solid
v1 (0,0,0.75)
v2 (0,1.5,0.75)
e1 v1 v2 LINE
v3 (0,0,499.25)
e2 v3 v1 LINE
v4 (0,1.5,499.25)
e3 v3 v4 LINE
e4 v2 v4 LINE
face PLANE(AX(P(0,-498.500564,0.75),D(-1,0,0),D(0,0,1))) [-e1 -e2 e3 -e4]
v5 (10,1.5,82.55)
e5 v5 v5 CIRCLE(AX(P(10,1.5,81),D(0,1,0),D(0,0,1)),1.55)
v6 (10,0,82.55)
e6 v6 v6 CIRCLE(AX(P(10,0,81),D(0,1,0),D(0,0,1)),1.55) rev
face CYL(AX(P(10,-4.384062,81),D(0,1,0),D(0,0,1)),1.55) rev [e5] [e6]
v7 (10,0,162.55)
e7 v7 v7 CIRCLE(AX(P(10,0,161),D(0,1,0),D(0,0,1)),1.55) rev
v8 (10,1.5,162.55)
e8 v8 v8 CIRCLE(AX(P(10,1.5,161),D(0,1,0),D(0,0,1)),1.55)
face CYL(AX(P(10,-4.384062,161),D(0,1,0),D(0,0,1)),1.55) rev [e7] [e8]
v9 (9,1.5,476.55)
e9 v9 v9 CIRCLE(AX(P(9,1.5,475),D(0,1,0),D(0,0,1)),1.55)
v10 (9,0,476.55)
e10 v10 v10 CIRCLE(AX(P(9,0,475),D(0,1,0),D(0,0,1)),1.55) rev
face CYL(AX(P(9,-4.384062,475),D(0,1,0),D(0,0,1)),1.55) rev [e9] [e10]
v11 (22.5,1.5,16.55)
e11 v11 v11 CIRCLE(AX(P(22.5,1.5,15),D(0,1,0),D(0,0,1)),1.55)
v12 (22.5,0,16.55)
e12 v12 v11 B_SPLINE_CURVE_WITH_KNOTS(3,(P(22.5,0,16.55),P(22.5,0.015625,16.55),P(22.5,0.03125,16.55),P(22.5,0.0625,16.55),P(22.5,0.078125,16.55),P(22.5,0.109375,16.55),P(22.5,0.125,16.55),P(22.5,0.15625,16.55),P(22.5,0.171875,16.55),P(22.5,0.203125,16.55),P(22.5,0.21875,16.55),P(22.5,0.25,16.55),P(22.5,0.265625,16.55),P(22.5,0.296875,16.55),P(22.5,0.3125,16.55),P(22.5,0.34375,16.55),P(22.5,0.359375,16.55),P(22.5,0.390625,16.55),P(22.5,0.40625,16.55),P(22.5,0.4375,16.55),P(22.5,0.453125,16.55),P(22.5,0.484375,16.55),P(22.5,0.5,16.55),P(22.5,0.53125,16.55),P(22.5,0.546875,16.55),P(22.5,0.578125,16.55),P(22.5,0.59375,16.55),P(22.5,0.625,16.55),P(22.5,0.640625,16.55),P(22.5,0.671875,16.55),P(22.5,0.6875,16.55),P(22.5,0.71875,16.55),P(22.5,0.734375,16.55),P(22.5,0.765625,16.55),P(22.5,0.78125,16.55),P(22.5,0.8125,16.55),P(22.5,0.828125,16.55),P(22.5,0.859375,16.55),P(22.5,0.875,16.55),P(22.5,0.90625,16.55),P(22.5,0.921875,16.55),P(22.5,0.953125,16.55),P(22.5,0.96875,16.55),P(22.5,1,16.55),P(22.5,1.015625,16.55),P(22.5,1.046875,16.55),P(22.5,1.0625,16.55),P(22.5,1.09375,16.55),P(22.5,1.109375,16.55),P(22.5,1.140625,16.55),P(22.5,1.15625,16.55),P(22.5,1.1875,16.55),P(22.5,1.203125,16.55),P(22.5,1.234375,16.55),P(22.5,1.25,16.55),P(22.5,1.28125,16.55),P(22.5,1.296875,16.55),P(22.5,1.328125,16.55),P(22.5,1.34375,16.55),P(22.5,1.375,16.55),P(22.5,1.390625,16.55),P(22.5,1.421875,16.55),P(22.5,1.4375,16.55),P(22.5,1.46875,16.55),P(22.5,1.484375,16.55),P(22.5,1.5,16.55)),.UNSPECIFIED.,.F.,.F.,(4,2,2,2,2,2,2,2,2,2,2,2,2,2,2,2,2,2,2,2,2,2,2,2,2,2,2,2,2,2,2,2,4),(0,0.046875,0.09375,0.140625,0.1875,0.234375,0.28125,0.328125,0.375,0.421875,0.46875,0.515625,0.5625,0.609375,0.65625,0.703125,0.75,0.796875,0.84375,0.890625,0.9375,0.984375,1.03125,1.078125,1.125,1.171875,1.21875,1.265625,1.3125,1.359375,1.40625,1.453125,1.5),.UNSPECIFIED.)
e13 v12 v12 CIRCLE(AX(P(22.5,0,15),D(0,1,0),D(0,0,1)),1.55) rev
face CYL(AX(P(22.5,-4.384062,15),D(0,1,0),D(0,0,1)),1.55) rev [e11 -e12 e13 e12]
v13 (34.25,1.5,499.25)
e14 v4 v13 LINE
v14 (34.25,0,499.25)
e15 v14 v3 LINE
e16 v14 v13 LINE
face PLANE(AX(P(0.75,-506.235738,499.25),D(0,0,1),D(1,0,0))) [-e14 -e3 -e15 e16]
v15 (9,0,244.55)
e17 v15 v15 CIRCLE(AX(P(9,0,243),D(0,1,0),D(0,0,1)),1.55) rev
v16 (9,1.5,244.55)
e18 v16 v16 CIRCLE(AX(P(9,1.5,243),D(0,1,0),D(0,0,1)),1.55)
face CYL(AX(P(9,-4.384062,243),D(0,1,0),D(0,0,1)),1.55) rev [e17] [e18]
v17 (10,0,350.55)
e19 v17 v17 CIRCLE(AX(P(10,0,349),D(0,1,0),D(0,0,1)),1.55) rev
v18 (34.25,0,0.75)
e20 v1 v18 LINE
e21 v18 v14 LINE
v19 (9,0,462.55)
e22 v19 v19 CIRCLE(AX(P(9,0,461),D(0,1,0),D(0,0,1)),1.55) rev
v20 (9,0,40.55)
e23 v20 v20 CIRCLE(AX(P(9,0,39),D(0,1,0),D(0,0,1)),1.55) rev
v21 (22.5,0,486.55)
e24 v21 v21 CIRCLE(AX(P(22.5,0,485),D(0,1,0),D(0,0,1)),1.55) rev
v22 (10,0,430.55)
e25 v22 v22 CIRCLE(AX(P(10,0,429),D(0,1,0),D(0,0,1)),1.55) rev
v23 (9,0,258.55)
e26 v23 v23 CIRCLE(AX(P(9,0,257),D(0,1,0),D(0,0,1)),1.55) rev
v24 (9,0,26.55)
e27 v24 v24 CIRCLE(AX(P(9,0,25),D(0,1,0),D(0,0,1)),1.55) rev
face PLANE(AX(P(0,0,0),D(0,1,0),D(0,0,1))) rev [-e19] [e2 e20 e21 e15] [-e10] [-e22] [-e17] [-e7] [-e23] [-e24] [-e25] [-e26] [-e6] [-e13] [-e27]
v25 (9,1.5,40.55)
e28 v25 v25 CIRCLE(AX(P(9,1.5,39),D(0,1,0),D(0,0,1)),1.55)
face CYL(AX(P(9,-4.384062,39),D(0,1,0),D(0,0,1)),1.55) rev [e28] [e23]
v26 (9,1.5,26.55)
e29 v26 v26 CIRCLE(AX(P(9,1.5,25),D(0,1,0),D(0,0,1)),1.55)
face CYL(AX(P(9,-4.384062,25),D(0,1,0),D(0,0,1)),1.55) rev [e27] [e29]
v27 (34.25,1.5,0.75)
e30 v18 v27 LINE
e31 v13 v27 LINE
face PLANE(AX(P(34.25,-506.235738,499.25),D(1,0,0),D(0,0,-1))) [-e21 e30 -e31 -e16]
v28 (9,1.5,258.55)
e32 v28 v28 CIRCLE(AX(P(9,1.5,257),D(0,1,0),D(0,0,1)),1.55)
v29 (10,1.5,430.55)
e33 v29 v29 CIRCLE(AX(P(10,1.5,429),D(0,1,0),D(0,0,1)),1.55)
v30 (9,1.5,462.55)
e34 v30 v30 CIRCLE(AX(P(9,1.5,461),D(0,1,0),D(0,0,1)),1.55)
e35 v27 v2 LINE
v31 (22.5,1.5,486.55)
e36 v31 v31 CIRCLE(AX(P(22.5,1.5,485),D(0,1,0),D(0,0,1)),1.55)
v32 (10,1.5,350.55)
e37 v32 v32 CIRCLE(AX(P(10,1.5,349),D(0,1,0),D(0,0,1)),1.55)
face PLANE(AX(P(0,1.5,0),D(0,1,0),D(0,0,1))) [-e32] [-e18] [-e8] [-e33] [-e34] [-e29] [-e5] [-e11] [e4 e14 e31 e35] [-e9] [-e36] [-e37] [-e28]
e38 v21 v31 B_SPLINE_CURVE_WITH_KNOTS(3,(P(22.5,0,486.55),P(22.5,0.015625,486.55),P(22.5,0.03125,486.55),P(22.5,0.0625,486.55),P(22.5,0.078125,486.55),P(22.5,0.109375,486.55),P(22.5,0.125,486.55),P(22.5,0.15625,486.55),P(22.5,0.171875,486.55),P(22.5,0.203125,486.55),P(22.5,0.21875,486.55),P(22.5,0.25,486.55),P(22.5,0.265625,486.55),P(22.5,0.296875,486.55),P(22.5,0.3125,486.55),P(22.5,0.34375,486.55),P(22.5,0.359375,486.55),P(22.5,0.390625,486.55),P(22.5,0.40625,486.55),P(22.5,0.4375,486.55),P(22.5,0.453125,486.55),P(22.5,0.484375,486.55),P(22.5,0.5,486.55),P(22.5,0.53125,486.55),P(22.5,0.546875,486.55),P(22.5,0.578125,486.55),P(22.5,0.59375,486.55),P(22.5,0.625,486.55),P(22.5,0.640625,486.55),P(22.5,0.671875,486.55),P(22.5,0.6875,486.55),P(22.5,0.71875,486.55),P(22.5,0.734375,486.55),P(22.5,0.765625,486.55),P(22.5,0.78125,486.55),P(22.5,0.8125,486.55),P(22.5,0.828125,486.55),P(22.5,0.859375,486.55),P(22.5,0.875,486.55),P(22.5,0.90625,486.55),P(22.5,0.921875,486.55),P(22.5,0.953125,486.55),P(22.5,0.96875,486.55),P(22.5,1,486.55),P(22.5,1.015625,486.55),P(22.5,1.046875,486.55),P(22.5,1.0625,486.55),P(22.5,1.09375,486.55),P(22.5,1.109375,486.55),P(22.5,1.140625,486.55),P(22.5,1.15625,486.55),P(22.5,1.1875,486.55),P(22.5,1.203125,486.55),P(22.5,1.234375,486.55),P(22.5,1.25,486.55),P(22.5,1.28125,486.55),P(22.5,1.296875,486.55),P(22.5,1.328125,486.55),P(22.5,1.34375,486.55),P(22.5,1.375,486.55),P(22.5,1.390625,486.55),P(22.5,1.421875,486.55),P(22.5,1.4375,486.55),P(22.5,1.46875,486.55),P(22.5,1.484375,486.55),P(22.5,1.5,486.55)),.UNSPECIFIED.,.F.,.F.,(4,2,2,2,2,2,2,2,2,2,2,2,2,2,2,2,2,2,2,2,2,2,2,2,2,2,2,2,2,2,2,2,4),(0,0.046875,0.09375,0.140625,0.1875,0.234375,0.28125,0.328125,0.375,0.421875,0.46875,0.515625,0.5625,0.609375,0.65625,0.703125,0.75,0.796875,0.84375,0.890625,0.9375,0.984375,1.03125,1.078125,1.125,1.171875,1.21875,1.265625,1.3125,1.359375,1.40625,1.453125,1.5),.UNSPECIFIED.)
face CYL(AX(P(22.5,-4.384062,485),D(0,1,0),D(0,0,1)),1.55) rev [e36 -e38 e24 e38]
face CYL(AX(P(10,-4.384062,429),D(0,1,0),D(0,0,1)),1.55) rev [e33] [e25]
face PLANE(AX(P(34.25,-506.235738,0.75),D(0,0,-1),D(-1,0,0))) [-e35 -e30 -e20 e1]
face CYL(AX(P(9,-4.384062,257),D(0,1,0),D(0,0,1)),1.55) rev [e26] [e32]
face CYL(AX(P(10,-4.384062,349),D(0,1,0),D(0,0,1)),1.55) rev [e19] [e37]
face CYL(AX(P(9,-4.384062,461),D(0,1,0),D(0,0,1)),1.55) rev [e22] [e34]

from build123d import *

# Parameters (mm, degrees)
CROQUIS1_W              = 35
CROQUIS1_H              = 500
SALIENTE_EXTRUIR1_DEPTH = 1.5
CROQUIS2_R              = 1.55
CORTAR_EXTRUIR1_DEPTH   = 1.5
CROQUIS3_R              = 1.55
CORTAR_EXTRUIR2_DEPTH   = 1.5
CROQUIS5_R              = 1.55
CORTAR_EXTRUIR3_DEPTH   = 1.5
CROQUIS6_OUTSIDE_W      = 137.246
CROQUIS6_OUTSIDE_H      = 602.246
CROQUIS6_OUTSIDE_W_2    = 33.5
CROQUIS6_OUTSIDE_H_2    = 498.5
CORTAR_EXTRUIR4_DEPTH   = 1.5
CROQUIS7_W              = 0.75
CROQUIS7_H              = 498.5
SALIENTE_EXTRUIR2_DEPTH = 1.5


with BuildPart() as part:
    # Croquis1 → Saliente-Extruir1 (new body)
    with BuildSketch(Plane(origin=(0, 0, 0), x_dir=(1, 0, 0), z_dir=(0, 1, 0))):
        with Locations((17.5, -250)):
            Rectangle(CROQUIS1_W, CROQUIS1_H)
    extrude(amount=SALIENTE_EXTRUIR1_DEPTH)

    # Croquis2 → Cortar-Extruir1 (cut)
    with BuildSketch(Plane(origin=(0, 1.5, 0), x_dir=(1, 0, 0), z_dir=(0, 1, 0))):
        with Locations(Location((22.5, -15, 0), (0, 0, 270))):
            Circle(CROQUIS2_R)
        with Locations(Location((22.5, -485, 0), (0, 0, 270))):
            Circle(CROQUIS2_R)
    extrude(amount=-CORTAR_EXTRUIR1_DEPTH, mode=Mode.SUBTRACT)

    # Croquis3 → Cortar-Extruir2 (cut)
    with BuildSketch(Plane(origin=(0, 1.5, 0), x_dir=(1, 0, 0), z_dir=(0, 1, 0))):
        with Locations(Location((9, -25, 0), (0, 0, 270))):
            Circle(CROQUIS3_R)
        with Locations(Location((9, -39, 0), (0, 0, 270))):
            Circle(CROQUIS3_R)
        with Locations(Location((9, -475, 0), (0, 0, 270))):
            Circle(CROQUIS3_R)
        with Locations(Location((9, -461, 0), (0, 0, 270))):
            Circle(CROQUIS3_R)
        with Locations(Location((9, -243, 0), (0, 0, 270))):
            Circle(CROQUIS3_R)
        with Locations(Location((9, -257, 0), (0, 0, 270))):
            Circle(CROQUIS3_R)
    extrude(amount=-CORTAR_EXTRUIR2_DEPTH, mode=Mode.SUBTRACT)

    # Croquis5 → Cortar-Extruir3 (cut)
    with BuildSketch(Plane(origin=(0, 1.5, 0), x_dir=(1, 0, 0), z_dir=(0, 1, 0))):
        with Locations(Location((10, -81, 0), (0, 0, 270))):
            Circle(CROQUIS5_R)
        with Locations(Location((10, -161, 0), (0, 0, 270))):
            Circle(CROQUIS5_R)
        with Locations(Location((10, -349, 0), (0, 0, 270))):
            Circle(CROQUIS5_R)
        with Locations(Location((10, -429, 0), (0, 0, 270))):
            Circle(CROQUIS5_R)
    extrude(amount=-CORTAR_EXTRUIR3_DEPTH, mode=Mode.SUBTRACT)

    # Croquis6 outside → Cortar-Extruir4 (cut)
    with BuildSketch(Plane(origin=(0, 1.5, 0), x_dir=(1, 0, 0), z_dir=(0, 1, 0))):
        with Locations((17.5, -250)):
            Rectangle(CROQUIS6_OUTSIDE_W, CROQUIS6_OUTSIDE_H)
        with Locations((17.5, -250)):
            Rectangle(CROQUIS6_OUTSIDE_W_2, CROQUIS6_OUTSIDE_H_2, mode=Mode.SUBTRACT)
    extrude(amount=-CORTAR_EXTRUIR4_DEPTH, mode=Mode.SUBTRACT)

    # Croquis7 → Saliente-Extruir2 (add)
    with BuildSketch(Plane(origin=(0, 1.5, 0), x_dir=(1, 0, 0), z_dir=(0, 1, 0))):
        with Locations((0.375, -250)):
            Rectangle(CROQUIS7_W, CROQUIS7_H)
    extrude(amount=-SALIENTE_EXTRUIR2_DEPTH)


solid = part.part
